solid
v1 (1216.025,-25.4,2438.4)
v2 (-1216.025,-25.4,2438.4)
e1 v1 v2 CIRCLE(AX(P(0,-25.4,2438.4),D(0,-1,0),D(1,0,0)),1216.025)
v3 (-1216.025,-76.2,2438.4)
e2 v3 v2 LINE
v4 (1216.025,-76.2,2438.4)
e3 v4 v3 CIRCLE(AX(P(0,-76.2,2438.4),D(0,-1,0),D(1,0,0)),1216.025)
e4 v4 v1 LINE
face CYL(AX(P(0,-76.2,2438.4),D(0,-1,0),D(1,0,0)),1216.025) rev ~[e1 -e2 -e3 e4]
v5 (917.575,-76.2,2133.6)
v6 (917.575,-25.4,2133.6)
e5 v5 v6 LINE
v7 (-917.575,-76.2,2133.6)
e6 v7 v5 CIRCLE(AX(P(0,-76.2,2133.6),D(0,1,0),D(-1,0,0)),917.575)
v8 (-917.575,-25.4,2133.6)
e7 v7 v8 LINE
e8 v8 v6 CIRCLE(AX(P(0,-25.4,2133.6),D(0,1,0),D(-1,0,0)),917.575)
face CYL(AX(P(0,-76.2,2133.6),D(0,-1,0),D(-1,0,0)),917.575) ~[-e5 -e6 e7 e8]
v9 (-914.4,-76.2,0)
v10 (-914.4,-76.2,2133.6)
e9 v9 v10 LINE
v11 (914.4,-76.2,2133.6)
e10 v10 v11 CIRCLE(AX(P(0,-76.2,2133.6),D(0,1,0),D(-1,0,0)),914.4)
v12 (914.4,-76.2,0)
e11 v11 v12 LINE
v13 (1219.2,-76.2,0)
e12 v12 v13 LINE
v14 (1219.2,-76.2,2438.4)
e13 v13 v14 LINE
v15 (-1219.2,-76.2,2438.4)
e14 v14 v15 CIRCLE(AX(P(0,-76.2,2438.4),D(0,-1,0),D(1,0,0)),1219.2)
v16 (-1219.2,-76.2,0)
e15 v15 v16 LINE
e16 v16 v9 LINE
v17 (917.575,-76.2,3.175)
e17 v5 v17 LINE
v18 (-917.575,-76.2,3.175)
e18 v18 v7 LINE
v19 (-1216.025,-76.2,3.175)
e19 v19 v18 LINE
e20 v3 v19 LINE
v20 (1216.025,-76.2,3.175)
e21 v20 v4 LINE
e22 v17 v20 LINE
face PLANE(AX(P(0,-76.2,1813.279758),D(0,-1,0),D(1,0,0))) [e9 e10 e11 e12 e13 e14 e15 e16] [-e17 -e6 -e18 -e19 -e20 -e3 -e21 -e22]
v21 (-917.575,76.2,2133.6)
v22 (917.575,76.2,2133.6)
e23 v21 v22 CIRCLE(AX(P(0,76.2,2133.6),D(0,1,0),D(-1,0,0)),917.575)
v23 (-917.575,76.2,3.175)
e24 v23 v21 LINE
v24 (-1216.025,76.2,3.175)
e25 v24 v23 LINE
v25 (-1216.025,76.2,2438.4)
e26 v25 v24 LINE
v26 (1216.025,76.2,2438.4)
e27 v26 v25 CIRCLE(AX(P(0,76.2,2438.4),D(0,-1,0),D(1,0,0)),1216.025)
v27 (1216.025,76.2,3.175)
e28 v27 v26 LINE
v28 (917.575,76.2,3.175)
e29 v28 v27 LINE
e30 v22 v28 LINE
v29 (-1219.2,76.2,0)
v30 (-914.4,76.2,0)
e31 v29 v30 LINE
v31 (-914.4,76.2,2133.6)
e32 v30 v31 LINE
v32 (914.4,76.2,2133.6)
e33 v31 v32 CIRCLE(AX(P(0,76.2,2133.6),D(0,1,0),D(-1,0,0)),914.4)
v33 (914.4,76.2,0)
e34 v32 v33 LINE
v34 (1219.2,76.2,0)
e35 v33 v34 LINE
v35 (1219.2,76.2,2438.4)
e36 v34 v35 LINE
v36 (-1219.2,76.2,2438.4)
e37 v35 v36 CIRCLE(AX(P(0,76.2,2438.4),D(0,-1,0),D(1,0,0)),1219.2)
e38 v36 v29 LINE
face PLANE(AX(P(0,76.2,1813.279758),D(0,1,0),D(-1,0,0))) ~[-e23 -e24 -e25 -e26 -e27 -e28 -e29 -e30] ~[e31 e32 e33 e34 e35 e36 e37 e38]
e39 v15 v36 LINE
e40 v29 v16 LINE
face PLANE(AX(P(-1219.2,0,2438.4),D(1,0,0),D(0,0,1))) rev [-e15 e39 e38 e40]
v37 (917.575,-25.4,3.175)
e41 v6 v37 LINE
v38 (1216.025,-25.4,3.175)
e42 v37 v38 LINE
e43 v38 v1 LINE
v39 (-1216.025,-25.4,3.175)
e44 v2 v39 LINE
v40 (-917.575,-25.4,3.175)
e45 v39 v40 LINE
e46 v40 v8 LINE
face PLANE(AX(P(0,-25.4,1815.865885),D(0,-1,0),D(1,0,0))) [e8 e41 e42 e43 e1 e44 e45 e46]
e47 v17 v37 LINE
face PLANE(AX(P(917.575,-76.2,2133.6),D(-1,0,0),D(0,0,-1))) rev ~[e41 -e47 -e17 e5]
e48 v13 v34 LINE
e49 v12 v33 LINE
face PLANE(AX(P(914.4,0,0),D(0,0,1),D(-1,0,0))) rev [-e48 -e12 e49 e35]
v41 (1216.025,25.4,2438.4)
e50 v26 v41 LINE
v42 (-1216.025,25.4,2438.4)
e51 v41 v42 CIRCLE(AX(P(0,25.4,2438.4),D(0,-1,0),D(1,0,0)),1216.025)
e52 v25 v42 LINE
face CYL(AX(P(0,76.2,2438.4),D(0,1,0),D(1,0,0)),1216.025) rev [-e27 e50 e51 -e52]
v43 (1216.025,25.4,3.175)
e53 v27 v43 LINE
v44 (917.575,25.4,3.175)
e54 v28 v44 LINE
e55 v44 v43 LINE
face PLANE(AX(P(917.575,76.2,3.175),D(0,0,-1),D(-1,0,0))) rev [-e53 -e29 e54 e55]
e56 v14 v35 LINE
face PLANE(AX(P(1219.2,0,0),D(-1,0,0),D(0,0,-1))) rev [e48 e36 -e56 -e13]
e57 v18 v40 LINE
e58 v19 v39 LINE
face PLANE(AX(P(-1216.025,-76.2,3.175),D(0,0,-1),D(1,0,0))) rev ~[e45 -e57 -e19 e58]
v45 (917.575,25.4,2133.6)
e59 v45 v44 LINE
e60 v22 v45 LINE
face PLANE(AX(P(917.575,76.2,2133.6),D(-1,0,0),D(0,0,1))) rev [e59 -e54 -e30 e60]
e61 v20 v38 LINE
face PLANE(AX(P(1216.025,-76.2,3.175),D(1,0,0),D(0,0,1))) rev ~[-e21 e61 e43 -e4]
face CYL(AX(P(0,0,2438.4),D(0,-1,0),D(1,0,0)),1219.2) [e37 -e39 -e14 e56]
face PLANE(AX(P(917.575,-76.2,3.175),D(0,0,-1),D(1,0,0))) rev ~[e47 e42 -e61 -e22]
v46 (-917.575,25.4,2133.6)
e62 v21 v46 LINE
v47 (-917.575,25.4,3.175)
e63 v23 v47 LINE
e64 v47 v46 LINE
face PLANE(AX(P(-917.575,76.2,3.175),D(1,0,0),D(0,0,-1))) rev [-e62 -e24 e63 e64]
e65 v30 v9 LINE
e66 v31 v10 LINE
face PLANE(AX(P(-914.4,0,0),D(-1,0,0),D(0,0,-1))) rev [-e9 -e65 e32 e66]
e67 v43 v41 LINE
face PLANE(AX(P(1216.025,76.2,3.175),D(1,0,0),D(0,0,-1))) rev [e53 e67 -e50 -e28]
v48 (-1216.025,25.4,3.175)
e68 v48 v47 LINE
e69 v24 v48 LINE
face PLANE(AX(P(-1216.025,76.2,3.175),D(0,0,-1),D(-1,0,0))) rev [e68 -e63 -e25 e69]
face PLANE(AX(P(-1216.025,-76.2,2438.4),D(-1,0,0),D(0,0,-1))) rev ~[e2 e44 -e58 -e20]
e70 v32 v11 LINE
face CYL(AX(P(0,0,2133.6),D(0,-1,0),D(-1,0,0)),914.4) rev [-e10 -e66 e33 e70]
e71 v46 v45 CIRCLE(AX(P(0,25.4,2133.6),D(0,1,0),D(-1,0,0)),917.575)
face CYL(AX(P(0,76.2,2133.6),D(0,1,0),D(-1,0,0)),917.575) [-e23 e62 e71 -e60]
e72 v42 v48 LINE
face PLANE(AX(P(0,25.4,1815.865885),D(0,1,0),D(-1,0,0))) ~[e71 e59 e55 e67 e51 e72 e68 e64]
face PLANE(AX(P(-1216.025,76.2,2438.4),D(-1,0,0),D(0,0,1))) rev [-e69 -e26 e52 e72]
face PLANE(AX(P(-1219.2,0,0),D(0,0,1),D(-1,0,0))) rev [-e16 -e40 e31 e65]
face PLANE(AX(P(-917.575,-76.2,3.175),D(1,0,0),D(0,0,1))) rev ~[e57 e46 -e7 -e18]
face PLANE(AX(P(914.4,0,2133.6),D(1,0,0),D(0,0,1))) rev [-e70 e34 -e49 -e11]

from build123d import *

# Parameters (mm, degrees)
F1_DEPTH = 76.2
F3_DEPTH = 50.8


with BuildPart() as f1:
    # F0 (on Front) → F1 (new body)
    with BuildSketch(Plane.XZ):
        with BuildLine():
            Line((-1219.2, 2438.4), (-1219.2, 0))
            Line((-1219.2, 0), (-914.4, 0))
            Line((-914.4, 0), (-914.4, 2133.6))
            ThreePointArc((-914.4, 2133.6), (0, 3048), (914.4, 2133.6))
            Line((914.4, 2133.6), (914.4, 0))
            Line((914.4, 0), (1219.2, 0))
            Line((1219.2, 0), (1219.2, 2438.4))
            ThreePointArc((1219.2, 2438.4), (0, 3657.6), (-1219.2, 2438.4))
        make_face()
    extrude(amount=F1_DEPTH)

    # F2 (on face) → F3 (cut)
    with BuildSketch(Plane.XZ.offset(76.2)):
        with BuildLine():
            ThreePointArc((-917.575, 2133.6), (0, 3051.175), (917.575, 2133.6))
            Line((917.575, 2133.6), (917.575, 3.175))
            Line((917.575, 3.175), (1216.025, 3.175))
            Line((1216.025, 3.175), (1216.025, 2438.4))
            ThreePointArc((1216.025, 2438.4), (0, 3654.425), (-1216.025, 2438.4))
            Line((-1216.025, 2438.4), (-1216.025, 3.175))
            Line((-1216.025, 3.175), (-917.575, 3.175))
            Line((-917.575, 3.175), (-917.575, 2133.6))
        make_face()
    extrude(amount=-F3_DEPTH, mode=Mode.SUBTRACT)

    # F4: F1 across face


with BuildPart() as f1_1:
    add(f1.part)
    add(f1.part.mirror(Plane(origin=(0, 0, 2177.935022), x_dir=(1, 0, 0), z_dir=(0, 1, 0))))


solid = f1_1.part
